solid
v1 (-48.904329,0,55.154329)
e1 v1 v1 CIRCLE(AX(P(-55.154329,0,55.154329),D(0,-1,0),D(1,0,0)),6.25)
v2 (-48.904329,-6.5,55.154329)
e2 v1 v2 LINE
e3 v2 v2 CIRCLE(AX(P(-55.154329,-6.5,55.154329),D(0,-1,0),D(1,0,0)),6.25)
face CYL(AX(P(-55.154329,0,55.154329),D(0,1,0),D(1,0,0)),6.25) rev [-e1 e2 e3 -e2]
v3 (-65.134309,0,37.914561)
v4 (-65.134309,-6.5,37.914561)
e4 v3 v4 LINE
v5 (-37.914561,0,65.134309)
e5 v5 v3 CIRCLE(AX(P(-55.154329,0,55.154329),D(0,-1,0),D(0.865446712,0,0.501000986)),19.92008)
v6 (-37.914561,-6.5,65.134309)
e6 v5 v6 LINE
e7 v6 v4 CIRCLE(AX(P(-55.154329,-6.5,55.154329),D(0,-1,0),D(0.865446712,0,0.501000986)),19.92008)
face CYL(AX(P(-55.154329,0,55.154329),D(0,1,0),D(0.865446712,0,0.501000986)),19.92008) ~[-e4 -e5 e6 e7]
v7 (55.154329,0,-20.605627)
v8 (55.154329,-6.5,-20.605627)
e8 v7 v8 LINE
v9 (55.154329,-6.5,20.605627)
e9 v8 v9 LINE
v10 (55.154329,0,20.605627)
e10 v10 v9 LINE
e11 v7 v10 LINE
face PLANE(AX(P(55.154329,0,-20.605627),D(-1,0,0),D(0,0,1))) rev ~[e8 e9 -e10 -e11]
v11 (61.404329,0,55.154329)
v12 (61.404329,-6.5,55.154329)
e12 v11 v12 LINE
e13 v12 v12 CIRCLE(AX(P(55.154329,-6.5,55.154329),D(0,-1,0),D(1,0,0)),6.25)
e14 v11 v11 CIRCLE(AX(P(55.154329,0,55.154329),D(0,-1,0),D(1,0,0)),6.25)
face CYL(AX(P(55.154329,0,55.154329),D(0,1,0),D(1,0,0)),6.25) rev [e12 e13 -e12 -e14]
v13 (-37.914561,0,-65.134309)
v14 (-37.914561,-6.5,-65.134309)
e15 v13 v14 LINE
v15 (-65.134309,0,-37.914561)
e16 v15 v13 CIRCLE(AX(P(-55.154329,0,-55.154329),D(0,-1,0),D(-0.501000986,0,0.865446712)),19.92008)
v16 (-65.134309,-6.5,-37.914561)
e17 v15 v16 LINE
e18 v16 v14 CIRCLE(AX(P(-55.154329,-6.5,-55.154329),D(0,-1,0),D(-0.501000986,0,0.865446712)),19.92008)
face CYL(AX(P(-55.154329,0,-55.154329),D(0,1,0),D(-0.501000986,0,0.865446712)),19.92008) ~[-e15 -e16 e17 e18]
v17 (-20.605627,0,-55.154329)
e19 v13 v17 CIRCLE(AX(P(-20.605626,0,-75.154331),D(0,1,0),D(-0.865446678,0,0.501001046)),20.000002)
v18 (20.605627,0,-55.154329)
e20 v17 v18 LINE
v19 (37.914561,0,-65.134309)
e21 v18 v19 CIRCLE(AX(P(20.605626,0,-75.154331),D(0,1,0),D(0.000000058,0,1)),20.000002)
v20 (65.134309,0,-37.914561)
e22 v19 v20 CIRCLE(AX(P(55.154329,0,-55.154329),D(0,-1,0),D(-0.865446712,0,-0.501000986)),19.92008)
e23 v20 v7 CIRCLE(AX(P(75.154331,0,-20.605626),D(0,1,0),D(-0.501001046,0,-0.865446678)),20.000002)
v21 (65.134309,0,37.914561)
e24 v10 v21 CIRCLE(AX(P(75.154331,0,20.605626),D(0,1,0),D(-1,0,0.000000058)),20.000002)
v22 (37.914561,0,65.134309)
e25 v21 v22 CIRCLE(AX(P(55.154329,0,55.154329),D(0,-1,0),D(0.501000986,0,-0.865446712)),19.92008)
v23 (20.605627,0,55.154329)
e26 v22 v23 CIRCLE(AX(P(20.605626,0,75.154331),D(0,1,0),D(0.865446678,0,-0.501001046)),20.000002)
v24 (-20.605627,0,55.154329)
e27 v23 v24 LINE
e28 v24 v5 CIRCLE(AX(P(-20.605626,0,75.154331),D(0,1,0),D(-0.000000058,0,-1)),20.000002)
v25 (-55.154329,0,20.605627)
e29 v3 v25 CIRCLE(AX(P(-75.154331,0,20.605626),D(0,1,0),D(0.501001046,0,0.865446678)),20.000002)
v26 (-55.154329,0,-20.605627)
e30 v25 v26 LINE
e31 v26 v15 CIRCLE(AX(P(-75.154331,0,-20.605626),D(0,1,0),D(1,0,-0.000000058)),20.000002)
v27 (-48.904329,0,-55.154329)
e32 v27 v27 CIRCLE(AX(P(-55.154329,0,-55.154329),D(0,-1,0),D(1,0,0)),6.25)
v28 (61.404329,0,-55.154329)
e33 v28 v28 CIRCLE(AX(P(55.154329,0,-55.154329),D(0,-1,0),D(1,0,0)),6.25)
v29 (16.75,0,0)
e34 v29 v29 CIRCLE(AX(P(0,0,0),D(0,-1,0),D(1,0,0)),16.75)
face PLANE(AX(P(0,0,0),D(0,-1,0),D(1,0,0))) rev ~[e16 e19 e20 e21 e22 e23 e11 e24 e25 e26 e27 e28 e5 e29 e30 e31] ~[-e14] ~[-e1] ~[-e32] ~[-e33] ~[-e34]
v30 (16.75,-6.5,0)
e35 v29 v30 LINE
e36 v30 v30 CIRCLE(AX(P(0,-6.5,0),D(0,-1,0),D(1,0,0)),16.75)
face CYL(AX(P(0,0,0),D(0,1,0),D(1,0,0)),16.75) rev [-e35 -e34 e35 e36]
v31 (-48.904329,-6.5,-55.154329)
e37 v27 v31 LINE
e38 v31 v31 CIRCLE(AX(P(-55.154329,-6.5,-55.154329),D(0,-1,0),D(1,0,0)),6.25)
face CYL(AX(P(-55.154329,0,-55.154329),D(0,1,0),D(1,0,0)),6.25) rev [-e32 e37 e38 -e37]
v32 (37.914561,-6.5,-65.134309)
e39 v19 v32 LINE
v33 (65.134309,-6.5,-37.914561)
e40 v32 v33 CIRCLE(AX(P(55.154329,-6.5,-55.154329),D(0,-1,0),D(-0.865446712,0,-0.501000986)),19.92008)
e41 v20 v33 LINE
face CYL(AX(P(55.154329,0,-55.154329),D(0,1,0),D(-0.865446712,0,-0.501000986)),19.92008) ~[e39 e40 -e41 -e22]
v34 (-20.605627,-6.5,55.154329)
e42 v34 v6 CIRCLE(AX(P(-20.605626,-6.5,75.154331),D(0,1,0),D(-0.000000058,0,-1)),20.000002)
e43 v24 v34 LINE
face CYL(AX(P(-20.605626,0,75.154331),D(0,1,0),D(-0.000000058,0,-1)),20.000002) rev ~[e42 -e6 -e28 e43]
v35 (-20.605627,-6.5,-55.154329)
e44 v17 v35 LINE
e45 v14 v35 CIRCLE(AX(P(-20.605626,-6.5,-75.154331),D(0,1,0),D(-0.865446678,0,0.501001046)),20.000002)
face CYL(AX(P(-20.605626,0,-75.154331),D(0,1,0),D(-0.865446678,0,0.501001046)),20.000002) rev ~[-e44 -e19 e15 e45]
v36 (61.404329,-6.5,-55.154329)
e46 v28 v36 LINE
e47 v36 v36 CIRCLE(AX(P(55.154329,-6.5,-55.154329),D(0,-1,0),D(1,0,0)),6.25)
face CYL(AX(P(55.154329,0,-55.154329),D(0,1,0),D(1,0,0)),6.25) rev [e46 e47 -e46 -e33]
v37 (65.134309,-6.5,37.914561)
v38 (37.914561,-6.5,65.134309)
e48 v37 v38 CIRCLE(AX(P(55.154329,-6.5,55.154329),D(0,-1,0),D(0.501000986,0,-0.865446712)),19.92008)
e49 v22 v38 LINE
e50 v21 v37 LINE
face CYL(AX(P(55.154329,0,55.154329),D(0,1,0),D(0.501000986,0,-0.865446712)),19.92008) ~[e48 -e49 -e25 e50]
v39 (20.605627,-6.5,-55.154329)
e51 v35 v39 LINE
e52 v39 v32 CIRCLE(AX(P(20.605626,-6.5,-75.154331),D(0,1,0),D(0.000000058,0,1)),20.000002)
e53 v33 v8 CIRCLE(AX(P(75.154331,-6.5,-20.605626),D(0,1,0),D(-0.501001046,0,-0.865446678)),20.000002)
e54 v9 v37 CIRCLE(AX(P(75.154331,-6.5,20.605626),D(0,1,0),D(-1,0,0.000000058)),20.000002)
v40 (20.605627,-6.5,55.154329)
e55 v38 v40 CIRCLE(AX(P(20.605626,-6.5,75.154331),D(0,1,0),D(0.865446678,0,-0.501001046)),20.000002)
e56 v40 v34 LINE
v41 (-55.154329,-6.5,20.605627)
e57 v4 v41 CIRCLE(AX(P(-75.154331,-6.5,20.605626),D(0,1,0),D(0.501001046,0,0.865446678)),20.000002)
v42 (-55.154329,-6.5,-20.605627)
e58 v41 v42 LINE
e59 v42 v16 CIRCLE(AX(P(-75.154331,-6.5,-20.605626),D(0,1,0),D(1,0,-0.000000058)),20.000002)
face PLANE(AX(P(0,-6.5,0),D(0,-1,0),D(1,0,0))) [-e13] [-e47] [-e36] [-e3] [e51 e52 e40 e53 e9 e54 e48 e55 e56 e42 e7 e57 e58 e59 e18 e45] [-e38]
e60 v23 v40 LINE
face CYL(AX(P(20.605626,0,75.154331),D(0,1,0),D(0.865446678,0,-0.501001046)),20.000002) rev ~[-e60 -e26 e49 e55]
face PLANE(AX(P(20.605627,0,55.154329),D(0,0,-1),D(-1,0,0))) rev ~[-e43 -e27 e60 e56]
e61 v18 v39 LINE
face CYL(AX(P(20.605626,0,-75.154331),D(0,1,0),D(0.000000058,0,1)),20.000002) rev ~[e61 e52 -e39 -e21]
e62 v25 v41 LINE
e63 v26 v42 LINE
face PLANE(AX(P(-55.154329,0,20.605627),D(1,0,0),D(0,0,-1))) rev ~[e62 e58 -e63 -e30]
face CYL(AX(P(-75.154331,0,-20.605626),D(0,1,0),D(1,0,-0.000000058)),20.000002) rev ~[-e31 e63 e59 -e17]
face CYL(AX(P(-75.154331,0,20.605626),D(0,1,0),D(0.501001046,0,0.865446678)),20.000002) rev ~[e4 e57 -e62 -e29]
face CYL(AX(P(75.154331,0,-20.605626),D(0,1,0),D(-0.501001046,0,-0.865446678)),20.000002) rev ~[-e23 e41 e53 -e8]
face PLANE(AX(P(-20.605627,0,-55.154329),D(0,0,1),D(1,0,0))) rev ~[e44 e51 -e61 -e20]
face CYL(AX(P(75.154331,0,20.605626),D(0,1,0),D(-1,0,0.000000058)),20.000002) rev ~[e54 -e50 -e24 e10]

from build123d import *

# Parameters (mm, degrees)
F0_R     = 6.25
F0_R_2   = 16.75
F1_DEPTH = 6.5


with BuildPart() as f1:
    # F0 (on Front) → F1 (new body)
    with BuildSketch(Plane.XZ):
        with BuildLine():
            ThreePointArc((-20.605627, 55.154329), (-30.595612, 57.828043), (-37.914561, 65.134309))
            ThreePointArc((-37.914561, 65.134309), (-69.239953, 69.239953), (-65.134309, 37.914561))
            ThreePointArc((-65.134309, 37.914561), (-57.828043, 30.595612), (-55.154329, 20.605627))
            Line((-55.154329, 20.605627), (-55.154329, 0))
            Line((-55.154329, 0), (-55.154329, -20.605627))
            ThreePointArc((-55.154329, -20.605627), (-57.828043, -30.595612), (-65.134309, -37.914561))
            ThreePointArc((-65.134309, -37.914561), (-69.239953, -69.239953), (-37.914561, -65.134309))
            ThreePointArc((-37.914561, -65.134309), (-30.595612, -57.828043), (-20.605627, -55.154329))
            Line((-20.605627, -55.154329), (0, -55.154329))
            Line((0, -55.154329), (20.605627, -55.154329))
            ThreePointArc((20.605627, -55.154329), (30.595612, -57.828043), (37.914561, -65.134309))
            ThreePointArc((37.914561, -65.134309), (69.239953, -69.239953), (65.134309, -37.914561))
            ThreePointArc((65.134309, -37.914561), (57.828043, -30.595612), (55.154329, -20.605627))
            Line((55.154329, -20.605627), (55.154329, 0))
            Line((55.154329, 0), (55.154329, 20.605627))
            ThreePointArc((55.154329, 20.605627), (57.828043, 30.595612), (65.134309, 37.914561))
            ThreePointArc((65.134309, 37.914561), (69.239953, 69.239953), (37.914561, 65.134309))
            ThreePointArc((37.914561, 65.134309), (30.595612, 57.828043), (20.605627, 55.154329))
            Line((20.605627, 55.154329), (0, 55.154329))
            Line((0, 55.154329), (-20.605627, 55.154329))
        make_face()
        with Locations((-55.154329, -55.154329)):
            Circle(F0_R, mode=Mode.SUBTRACT)
        with Locations((55.154329, -55.154329)):
            Circle(F0_R, mode=Mode.SUBTRACT)
        with Locations((-55.154329, 55.154329)):
            Circle(F0_R, mode=Mode.SUBTRACT)
        Circle(F0_R_2, mode=Mode.SUBTRACT)
        with Locations((55.154329, 55.154329)):
            Circle(F0_R, mode=Mode.SUBTRACT)
    extrude(amount=F1_DEPTH)


solid = f1.part
